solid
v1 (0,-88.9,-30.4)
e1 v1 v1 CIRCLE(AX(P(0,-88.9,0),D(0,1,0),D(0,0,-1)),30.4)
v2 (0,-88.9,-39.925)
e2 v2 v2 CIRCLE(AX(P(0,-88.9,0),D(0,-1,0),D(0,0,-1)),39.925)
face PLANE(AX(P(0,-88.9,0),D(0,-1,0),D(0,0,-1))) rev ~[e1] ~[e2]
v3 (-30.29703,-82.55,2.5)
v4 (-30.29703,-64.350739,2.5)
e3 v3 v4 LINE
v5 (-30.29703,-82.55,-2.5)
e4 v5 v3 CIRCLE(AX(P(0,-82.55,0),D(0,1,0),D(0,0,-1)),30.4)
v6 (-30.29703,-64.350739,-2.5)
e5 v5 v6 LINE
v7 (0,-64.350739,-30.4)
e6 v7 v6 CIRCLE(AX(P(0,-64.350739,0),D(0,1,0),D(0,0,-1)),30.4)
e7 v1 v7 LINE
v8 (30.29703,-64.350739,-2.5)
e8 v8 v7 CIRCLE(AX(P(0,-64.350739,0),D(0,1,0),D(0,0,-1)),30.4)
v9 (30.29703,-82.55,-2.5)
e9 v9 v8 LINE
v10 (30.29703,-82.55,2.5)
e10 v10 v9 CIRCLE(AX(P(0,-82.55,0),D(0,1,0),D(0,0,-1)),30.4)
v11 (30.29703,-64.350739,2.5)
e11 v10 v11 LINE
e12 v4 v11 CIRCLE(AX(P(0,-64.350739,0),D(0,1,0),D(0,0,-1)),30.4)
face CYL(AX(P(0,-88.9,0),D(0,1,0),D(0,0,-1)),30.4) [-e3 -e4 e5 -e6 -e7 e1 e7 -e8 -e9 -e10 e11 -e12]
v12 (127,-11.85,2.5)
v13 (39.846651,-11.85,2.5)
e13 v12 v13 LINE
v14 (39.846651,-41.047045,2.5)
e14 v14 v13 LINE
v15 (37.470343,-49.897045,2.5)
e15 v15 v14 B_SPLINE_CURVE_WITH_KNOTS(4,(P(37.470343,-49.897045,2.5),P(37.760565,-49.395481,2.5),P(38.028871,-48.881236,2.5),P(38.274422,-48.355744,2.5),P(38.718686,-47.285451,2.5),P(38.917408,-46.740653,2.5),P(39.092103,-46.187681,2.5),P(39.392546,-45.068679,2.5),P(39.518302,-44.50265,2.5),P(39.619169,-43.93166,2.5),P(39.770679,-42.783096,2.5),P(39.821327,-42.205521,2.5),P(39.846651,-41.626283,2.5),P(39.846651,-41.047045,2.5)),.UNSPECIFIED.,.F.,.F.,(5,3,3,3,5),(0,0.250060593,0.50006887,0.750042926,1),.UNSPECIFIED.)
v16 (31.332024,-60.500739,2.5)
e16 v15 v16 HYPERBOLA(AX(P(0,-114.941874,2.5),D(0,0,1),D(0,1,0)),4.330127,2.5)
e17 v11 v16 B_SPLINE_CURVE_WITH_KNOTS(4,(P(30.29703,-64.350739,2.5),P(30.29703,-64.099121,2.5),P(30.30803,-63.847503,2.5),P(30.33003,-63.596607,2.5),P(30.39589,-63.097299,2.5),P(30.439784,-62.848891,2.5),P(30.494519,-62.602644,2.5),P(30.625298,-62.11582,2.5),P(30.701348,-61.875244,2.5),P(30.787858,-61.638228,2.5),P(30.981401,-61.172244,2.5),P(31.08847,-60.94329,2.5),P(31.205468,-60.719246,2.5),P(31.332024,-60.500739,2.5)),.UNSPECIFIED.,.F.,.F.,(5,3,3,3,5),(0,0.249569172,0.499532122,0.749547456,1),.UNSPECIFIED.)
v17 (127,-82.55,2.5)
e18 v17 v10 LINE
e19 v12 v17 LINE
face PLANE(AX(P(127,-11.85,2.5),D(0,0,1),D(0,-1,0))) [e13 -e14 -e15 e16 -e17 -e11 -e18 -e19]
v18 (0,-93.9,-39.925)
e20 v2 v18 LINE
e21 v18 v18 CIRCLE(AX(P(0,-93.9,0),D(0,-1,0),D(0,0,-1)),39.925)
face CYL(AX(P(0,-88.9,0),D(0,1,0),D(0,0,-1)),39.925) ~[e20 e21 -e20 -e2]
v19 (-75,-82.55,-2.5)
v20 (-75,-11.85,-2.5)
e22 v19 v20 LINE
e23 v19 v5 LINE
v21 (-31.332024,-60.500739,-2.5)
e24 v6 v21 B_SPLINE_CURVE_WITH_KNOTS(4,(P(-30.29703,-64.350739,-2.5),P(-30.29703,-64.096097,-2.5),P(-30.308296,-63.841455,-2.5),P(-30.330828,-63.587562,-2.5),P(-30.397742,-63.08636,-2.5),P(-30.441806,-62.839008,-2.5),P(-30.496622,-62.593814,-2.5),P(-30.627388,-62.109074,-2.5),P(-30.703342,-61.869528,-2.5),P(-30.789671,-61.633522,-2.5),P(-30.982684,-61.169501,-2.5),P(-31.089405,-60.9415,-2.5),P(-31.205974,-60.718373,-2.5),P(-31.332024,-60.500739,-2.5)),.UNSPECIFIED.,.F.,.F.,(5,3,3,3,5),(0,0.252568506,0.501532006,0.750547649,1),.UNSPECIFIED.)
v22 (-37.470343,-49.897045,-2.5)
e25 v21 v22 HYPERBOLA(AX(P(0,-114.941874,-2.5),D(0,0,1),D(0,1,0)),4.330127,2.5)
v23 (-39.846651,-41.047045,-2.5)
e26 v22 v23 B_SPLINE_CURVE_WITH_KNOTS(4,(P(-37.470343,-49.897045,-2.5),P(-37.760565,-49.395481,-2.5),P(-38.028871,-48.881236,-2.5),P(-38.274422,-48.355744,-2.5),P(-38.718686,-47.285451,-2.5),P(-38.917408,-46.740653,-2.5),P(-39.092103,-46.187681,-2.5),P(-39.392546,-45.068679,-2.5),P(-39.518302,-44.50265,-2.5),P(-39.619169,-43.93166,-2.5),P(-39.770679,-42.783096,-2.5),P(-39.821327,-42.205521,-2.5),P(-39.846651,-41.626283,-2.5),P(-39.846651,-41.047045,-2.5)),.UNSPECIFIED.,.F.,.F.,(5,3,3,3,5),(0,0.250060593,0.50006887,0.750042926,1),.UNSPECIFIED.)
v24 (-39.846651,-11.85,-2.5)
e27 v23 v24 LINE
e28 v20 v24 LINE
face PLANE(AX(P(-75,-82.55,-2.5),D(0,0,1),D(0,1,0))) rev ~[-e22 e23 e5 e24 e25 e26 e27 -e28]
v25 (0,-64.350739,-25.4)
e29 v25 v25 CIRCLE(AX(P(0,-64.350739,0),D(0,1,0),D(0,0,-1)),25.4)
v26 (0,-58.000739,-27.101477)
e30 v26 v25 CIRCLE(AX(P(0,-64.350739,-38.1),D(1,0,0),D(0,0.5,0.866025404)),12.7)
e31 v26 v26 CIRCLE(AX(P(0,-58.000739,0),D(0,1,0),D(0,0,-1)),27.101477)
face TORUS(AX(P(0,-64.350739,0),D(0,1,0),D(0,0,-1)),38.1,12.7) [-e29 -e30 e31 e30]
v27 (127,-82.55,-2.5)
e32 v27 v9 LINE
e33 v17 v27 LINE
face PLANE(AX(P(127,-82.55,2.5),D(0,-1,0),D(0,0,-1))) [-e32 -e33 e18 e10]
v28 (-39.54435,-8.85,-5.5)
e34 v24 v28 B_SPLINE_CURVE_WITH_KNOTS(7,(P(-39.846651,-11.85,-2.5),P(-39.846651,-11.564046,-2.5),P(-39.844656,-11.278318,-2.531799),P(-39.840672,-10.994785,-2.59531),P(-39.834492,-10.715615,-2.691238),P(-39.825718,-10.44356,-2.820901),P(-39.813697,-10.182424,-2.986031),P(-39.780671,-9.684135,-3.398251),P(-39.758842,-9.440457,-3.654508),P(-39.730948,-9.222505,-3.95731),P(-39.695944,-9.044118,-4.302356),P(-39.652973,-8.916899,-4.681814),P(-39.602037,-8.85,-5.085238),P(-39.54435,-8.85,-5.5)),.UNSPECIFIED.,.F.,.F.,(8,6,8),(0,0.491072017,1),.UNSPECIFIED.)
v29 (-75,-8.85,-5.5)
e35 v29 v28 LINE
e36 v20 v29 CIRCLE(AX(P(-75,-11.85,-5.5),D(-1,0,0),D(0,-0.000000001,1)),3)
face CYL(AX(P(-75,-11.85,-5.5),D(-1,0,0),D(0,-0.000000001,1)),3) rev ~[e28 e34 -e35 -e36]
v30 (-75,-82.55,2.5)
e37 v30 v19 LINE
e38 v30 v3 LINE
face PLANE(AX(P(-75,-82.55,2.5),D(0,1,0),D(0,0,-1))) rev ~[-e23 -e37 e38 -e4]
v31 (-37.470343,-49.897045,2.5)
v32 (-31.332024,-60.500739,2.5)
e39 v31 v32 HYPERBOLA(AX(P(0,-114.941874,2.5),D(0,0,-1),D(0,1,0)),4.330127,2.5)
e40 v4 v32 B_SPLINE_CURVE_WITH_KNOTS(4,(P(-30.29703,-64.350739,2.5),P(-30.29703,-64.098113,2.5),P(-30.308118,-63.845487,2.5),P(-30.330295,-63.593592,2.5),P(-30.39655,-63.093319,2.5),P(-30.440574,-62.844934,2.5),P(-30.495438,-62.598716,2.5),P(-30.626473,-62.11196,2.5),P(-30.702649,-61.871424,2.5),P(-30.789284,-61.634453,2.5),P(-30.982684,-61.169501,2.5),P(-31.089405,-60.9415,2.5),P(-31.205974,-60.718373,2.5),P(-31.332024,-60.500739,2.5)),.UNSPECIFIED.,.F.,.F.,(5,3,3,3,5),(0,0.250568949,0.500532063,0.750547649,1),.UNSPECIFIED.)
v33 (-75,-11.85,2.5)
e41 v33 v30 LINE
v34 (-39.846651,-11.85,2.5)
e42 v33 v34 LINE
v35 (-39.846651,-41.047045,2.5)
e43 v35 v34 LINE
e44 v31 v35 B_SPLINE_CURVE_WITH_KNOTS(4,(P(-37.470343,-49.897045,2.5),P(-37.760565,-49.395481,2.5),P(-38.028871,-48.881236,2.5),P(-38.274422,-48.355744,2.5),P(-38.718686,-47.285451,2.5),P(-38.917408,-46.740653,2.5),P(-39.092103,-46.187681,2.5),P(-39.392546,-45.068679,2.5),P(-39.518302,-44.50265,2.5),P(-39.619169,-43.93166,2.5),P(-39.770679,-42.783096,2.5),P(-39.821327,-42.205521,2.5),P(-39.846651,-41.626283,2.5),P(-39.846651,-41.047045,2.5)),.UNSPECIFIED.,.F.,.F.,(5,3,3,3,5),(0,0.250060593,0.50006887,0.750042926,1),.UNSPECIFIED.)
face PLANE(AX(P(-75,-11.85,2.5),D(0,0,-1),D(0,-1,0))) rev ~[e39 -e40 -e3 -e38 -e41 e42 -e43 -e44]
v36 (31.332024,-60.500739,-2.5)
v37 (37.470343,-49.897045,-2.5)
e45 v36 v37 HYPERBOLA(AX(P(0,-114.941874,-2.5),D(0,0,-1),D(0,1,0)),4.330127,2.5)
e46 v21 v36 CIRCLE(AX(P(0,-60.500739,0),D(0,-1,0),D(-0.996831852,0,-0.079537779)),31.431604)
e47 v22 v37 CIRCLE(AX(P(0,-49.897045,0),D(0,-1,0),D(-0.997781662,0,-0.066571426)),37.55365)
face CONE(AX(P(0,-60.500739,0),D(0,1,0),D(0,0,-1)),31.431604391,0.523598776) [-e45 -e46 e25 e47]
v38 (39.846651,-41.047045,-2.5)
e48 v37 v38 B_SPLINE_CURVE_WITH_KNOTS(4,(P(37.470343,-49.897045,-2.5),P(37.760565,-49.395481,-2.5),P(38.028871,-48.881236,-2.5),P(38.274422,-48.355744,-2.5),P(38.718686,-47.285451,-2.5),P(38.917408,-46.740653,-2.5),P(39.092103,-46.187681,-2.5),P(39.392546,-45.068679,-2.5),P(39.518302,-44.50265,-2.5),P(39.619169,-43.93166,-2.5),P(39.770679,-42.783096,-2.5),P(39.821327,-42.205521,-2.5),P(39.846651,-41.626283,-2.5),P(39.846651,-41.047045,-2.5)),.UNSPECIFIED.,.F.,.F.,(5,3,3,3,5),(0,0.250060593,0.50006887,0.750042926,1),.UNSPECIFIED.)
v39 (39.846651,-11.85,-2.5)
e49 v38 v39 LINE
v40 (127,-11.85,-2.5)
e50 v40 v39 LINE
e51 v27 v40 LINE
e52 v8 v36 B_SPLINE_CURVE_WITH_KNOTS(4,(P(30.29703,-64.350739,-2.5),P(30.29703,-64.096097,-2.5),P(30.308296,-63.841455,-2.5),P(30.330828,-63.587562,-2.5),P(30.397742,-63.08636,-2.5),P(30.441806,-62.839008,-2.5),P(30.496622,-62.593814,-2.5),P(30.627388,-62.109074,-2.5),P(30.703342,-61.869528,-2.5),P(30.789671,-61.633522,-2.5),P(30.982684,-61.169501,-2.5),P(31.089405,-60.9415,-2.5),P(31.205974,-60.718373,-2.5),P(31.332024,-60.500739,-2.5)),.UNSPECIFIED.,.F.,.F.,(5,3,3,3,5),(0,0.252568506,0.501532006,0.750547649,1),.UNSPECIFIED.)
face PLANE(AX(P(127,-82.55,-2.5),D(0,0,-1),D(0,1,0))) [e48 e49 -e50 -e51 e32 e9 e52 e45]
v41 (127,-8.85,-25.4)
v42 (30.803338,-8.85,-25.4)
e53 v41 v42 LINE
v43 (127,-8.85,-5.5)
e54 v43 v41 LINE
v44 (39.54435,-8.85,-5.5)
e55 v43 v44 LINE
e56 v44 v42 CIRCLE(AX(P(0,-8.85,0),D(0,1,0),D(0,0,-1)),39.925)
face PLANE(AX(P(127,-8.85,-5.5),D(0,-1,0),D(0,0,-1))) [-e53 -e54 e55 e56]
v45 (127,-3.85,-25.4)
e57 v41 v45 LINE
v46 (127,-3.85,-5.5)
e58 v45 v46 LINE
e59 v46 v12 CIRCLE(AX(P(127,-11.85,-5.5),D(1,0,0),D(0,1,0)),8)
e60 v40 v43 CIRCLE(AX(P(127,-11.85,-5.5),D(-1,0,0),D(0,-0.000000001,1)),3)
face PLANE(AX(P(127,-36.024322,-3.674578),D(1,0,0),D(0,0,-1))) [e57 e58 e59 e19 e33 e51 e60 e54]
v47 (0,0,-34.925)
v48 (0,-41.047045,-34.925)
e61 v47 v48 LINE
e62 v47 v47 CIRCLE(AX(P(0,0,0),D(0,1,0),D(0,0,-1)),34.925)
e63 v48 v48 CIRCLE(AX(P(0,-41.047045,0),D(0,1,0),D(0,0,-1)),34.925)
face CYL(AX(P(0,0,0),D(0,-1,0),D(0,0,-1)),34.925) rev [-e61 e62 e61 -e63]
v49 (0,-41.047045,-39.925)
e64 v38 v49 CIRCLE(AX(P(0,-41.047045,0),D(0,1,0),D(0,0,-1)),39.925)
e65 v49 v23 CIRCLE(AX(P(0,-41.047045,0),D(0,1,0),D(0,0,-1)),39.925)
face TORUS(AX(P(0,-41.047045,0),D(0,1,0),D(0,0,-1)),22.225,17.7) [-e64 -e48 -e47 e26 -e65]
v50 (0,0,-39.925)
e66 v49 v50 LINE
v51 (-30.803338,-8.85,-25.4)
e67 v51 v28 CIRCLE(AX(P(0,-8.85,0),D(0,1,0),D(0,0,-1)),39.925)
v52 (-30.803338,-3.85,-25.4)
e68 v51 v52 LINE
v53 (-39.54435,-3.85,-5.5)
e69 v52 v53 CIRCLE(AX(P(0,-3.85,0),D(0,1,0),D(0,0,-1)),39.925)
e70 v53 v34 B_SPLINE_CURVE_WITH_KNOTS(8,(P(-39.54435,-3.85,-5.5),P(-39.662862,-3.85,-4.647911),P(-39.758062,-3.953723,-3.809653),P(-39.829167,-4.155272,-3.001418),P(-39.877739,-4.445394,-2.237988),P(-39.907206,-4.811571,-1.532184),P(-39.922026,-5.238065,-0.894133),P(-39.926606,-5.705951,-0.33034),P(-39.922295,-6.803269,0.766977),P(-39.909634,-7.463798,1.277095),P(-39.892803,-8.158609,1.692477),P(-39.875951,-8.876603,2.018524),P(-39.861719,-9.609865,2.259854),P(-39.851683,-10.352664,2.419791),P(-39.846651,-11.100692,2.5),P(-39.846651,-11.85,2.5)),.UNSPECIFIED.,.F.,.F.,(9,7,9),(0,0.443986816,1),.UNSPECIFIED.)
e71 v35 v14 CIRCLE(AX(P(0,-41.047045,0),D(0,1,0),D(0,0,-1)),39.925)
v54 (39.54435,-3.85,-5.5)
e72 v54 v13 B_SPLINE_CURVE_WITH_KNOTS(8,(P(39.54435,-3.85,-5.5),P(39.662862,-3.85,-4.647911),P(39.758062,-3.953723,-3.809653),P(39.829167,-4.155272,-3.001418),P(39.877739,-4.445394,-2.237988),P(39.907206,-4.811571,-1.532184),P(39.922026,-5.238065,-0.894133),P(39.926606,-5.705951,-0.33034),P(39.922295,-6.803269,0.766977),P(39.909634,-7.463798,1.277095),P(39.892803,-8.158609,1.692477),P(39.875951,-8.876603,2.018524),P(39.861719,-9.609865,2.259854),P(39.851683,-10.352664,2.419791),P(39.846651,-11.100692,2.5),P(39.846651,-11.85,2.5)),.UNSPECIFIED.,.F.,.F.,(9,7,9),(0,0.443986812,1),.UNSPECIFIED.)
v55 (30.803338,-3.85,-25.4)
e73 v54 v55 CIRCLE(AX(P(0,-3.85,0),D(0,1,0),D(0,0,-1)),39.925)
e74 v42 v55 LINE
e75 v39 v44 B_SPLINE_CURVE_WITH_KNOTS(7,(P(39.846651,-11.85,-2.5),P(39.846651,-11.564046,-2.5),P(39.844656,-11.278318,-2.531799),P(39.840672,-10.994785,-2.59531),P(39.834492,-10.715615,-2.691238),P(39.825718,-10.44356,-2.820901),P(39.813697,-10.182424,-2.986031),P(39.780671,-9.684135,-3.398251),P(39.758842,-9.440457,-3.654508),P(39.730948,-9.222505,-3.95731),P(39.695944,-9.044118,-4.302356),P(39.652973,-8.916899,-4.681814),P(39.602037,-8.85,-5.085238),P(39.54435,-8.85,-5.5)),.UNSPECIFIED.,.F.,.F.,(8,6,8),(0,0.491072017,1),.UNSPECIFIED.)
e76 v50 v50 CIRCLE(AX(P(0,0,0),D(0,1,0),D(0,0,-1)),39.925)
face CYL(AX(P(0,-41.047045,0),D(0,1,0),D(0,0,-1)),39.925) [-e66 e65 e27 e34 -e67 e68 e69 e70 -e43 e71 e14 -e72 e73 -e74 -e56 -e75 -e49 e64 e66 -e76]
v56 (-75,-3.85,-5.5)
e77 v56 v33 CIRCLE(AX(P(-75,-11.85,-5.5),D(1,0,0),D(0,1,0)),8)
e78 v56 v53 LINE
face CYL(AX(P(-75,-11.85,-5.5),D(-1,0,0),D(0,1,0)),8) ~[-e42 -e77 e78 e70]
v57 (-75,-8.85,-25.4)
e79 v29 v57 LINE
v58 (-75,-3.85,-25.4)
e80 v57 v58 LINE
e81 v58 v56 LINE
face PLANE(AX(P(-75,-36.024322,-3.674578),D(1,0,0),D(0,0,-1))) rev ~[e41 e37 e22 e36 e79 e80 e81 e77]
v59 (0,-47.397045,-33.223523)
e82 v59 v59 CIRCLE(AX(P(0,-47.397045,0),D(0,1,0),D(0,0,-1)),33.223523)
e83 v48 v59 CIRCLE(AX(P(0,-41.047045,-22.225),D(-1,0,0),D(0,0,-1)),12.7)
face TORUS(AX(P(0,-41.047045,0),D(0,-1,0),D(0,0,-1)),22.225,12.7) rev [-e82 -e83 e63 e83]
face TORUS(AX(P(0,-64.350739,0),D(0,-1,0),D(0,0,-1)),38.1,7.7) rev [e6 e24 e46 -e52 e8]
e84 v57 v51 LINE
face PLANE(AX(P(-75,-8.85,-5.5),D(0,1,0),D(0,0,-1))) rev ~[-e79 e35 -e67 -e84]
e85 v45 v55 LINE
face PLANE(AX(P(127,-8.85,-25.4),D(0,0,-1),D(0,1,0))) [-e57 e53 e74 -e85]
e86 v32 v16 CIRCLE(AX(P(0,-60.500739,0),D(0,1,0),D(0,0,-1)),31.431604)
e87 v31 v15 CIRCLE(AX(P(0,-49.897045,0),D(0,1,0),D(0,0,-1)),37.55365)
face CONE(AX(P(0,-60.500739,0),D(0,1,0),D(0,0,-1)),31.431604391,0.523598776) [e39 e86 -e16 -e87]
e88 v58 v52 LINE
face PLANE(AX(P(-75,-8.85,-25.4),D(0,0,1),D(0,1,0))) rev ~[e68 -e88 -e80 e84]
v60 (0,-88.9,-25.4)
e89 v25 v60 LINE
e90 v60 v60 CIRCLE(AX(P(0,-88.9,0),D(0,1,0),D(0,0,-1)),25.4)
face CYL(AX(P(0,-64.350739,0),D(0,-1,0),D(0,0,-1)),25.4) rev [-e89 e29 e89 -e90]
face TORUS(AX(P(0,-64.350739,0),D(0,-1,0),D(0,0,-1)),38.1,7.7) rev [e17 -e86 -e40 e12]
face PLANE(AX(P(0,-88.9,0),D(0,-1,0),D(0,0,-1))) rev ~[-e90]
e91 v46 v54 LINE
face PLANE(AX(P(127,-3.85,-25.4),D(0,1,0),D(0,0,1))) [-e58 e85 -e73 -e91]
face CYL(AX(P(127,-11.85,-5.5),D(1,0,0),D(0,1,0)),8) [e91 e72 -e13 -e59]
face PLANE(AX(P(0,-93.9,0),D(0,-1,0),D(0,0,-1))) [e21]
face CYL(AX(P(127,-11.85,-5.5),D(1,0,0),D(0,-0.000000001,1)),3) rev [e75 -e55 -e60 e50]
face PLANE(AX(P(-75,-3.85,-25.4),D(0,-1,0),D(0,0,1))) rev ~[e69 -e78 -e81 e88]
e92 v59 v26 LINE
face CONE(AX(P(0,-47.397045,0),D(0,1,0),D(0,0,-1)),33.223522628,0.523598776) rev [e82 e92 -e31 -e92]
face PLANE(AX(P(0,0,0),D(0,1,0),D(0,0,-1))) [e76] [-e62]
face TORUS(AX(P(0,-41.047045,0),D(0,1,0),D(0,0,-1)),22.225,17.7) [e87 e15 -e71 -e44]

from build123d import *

# Parameters (mm, degrees)
EXTRUDE_1_REACH   = 195.29
SKETCH_3_R        = 39.925
EXTRUDE_1_2_DEPTH = 5
EXTRUDE_3_REACH   = 228.308


with BuildPart() as part:
    # strainer → 旋轉-薄件1 (revolve)
    with BuildSketch(Plane.XY, mode=Mode.PRIVATE) as revolve_1_sk:
        with BuildLine():
            Line((-34.925, 0), (-34.925, -41.047045184))
            ThreePointArc((-34.925, -41.047045184), (-34.492257994, -44.334047057), (-33.223522628, -47.397045184))
            Line((-33.223522628, -47.397045184), (-27.101477372, -58.000738614))
            ThreePointArc((-27.101477372, -58.000738614), (-25.832742006, -61.063736741), (-25.4, -64.350738614))
            Line((-25.4, -64.350738614), (-25.4, -88.9))
            Line((-25.4, -88.9), (-30.4, -88.9))
            Line((-30.4, -88.9), (-30.4, -64.350738614))
            ThreePointArc((-30.4, -64.350738614), (-30.662371138, -62.357831967), (-31.431604391, -60.500738614))
            Line((-31.431604391, -60.500738614), (-37.553649647, -49.897045184))
            ThreePointArc((-37.553649647, -49.897045184), (-39.321887125, -45.628142282), (-39.925, -41.047045184))
            Line((-39.925, -41.047045184), (-39.925, 0))
            Line((-39.925, 0), (-34.925, 0))
        make_face()
    revolve(revolve_1_sk.sketch.rotate(Axis((0, 0, 0), (0, 1, 0)), 270), axis=Axis((0, 0, 0), (0, 1, 0)))

    # bracket → Extrude 1 (add, up to next)
    with BuildSketch(Plane(origin=(127, 0, 0), x_dir=(0, 0, -1), z_dir=(1, 0, 0)), mode=Mode.PRIVATE) as extrude_1_sk1:
        with BuildLine():
            Line((25.4, -3.85), (5.5, -3.85))
            ThreePointArc((5.5, -3.85), (-0.156854249, -6.193145751), (-2.5, -11.85))
            Line((-2.5, -11.85), (-2.5, -82.55))
            Line((-2.5, -82.55), (2.5, -82.55))
            Line((2.5, -82.55), (2.5, -11.85))
            ThreePointArc((2.5, -11.85), (3.378679656, -9.728679656), (5.5, -8.85))
            Line((5.5, -8.85), (25.4, -8.85))
            Line((25.4, -8.85), (25.4, -3.85))
        make_face()
    extrude_1_tool1 = extrude(extrude_1_sk1.sketch, amount=-EXTRUDE_1_REACH, mode=Mode.PRIVATE) - part.part
    add(extrude_1_tool1.solids().sort_by_distance((127, -4.684991, -15.45))[0])

    # 草圖3 → Extrude 1 2 (add)
    with BuildSketch(Plane.XZ.offset(88.9)):
        with Locations(Location((0, 0, 0), (0, 0, 270))):
            Circle(SKETCH_3_R)
    extrude(amount=EXTRUDE_1_2_DEPTH)

    # 草圖4 → 填料-伸長3 (add, up to next)
    with BuildSketch(Plane(origin=(-75, 0, 0), x_dir=(0, 0, -1), z_dir=(1, 0, 0)), mode=Mode.PRIVATE) as extrude_3_sk1:
        with BuildLine():
            Line((5.5, -8.85), (25.4, -8.85))
            Line((25.4, -8.85), (25.4, -3.85))
            Line((25.4, -3.85), (5.5, -3.85))
            ThreePointArc((5.5, -3.85), (-0.156854249, -6.193145751), (-2.5, -11.85))
            Line((-2.5, -11.85), (-2.5, -82.55))
            Line((-2.5, -82.55), (2.5, -82.55))
            Line((2.5, -82.55), (2.5, -11.85))
            ThreePointArc((2.5, -11.85), (3.378679656, -9.728679656), (5.5, -8.85))
        make_face()
    extrude_3_tool1 = extrude(extrude_3_sk1.sketch, amount=EXTRUDE_3_REACH, mode=Mode.PRIVATE) - part.part
    add(extrude_3_tool1.solids().sort_by_distance((-75, -9.138252, -2.788252))[0])


solid = part.part
